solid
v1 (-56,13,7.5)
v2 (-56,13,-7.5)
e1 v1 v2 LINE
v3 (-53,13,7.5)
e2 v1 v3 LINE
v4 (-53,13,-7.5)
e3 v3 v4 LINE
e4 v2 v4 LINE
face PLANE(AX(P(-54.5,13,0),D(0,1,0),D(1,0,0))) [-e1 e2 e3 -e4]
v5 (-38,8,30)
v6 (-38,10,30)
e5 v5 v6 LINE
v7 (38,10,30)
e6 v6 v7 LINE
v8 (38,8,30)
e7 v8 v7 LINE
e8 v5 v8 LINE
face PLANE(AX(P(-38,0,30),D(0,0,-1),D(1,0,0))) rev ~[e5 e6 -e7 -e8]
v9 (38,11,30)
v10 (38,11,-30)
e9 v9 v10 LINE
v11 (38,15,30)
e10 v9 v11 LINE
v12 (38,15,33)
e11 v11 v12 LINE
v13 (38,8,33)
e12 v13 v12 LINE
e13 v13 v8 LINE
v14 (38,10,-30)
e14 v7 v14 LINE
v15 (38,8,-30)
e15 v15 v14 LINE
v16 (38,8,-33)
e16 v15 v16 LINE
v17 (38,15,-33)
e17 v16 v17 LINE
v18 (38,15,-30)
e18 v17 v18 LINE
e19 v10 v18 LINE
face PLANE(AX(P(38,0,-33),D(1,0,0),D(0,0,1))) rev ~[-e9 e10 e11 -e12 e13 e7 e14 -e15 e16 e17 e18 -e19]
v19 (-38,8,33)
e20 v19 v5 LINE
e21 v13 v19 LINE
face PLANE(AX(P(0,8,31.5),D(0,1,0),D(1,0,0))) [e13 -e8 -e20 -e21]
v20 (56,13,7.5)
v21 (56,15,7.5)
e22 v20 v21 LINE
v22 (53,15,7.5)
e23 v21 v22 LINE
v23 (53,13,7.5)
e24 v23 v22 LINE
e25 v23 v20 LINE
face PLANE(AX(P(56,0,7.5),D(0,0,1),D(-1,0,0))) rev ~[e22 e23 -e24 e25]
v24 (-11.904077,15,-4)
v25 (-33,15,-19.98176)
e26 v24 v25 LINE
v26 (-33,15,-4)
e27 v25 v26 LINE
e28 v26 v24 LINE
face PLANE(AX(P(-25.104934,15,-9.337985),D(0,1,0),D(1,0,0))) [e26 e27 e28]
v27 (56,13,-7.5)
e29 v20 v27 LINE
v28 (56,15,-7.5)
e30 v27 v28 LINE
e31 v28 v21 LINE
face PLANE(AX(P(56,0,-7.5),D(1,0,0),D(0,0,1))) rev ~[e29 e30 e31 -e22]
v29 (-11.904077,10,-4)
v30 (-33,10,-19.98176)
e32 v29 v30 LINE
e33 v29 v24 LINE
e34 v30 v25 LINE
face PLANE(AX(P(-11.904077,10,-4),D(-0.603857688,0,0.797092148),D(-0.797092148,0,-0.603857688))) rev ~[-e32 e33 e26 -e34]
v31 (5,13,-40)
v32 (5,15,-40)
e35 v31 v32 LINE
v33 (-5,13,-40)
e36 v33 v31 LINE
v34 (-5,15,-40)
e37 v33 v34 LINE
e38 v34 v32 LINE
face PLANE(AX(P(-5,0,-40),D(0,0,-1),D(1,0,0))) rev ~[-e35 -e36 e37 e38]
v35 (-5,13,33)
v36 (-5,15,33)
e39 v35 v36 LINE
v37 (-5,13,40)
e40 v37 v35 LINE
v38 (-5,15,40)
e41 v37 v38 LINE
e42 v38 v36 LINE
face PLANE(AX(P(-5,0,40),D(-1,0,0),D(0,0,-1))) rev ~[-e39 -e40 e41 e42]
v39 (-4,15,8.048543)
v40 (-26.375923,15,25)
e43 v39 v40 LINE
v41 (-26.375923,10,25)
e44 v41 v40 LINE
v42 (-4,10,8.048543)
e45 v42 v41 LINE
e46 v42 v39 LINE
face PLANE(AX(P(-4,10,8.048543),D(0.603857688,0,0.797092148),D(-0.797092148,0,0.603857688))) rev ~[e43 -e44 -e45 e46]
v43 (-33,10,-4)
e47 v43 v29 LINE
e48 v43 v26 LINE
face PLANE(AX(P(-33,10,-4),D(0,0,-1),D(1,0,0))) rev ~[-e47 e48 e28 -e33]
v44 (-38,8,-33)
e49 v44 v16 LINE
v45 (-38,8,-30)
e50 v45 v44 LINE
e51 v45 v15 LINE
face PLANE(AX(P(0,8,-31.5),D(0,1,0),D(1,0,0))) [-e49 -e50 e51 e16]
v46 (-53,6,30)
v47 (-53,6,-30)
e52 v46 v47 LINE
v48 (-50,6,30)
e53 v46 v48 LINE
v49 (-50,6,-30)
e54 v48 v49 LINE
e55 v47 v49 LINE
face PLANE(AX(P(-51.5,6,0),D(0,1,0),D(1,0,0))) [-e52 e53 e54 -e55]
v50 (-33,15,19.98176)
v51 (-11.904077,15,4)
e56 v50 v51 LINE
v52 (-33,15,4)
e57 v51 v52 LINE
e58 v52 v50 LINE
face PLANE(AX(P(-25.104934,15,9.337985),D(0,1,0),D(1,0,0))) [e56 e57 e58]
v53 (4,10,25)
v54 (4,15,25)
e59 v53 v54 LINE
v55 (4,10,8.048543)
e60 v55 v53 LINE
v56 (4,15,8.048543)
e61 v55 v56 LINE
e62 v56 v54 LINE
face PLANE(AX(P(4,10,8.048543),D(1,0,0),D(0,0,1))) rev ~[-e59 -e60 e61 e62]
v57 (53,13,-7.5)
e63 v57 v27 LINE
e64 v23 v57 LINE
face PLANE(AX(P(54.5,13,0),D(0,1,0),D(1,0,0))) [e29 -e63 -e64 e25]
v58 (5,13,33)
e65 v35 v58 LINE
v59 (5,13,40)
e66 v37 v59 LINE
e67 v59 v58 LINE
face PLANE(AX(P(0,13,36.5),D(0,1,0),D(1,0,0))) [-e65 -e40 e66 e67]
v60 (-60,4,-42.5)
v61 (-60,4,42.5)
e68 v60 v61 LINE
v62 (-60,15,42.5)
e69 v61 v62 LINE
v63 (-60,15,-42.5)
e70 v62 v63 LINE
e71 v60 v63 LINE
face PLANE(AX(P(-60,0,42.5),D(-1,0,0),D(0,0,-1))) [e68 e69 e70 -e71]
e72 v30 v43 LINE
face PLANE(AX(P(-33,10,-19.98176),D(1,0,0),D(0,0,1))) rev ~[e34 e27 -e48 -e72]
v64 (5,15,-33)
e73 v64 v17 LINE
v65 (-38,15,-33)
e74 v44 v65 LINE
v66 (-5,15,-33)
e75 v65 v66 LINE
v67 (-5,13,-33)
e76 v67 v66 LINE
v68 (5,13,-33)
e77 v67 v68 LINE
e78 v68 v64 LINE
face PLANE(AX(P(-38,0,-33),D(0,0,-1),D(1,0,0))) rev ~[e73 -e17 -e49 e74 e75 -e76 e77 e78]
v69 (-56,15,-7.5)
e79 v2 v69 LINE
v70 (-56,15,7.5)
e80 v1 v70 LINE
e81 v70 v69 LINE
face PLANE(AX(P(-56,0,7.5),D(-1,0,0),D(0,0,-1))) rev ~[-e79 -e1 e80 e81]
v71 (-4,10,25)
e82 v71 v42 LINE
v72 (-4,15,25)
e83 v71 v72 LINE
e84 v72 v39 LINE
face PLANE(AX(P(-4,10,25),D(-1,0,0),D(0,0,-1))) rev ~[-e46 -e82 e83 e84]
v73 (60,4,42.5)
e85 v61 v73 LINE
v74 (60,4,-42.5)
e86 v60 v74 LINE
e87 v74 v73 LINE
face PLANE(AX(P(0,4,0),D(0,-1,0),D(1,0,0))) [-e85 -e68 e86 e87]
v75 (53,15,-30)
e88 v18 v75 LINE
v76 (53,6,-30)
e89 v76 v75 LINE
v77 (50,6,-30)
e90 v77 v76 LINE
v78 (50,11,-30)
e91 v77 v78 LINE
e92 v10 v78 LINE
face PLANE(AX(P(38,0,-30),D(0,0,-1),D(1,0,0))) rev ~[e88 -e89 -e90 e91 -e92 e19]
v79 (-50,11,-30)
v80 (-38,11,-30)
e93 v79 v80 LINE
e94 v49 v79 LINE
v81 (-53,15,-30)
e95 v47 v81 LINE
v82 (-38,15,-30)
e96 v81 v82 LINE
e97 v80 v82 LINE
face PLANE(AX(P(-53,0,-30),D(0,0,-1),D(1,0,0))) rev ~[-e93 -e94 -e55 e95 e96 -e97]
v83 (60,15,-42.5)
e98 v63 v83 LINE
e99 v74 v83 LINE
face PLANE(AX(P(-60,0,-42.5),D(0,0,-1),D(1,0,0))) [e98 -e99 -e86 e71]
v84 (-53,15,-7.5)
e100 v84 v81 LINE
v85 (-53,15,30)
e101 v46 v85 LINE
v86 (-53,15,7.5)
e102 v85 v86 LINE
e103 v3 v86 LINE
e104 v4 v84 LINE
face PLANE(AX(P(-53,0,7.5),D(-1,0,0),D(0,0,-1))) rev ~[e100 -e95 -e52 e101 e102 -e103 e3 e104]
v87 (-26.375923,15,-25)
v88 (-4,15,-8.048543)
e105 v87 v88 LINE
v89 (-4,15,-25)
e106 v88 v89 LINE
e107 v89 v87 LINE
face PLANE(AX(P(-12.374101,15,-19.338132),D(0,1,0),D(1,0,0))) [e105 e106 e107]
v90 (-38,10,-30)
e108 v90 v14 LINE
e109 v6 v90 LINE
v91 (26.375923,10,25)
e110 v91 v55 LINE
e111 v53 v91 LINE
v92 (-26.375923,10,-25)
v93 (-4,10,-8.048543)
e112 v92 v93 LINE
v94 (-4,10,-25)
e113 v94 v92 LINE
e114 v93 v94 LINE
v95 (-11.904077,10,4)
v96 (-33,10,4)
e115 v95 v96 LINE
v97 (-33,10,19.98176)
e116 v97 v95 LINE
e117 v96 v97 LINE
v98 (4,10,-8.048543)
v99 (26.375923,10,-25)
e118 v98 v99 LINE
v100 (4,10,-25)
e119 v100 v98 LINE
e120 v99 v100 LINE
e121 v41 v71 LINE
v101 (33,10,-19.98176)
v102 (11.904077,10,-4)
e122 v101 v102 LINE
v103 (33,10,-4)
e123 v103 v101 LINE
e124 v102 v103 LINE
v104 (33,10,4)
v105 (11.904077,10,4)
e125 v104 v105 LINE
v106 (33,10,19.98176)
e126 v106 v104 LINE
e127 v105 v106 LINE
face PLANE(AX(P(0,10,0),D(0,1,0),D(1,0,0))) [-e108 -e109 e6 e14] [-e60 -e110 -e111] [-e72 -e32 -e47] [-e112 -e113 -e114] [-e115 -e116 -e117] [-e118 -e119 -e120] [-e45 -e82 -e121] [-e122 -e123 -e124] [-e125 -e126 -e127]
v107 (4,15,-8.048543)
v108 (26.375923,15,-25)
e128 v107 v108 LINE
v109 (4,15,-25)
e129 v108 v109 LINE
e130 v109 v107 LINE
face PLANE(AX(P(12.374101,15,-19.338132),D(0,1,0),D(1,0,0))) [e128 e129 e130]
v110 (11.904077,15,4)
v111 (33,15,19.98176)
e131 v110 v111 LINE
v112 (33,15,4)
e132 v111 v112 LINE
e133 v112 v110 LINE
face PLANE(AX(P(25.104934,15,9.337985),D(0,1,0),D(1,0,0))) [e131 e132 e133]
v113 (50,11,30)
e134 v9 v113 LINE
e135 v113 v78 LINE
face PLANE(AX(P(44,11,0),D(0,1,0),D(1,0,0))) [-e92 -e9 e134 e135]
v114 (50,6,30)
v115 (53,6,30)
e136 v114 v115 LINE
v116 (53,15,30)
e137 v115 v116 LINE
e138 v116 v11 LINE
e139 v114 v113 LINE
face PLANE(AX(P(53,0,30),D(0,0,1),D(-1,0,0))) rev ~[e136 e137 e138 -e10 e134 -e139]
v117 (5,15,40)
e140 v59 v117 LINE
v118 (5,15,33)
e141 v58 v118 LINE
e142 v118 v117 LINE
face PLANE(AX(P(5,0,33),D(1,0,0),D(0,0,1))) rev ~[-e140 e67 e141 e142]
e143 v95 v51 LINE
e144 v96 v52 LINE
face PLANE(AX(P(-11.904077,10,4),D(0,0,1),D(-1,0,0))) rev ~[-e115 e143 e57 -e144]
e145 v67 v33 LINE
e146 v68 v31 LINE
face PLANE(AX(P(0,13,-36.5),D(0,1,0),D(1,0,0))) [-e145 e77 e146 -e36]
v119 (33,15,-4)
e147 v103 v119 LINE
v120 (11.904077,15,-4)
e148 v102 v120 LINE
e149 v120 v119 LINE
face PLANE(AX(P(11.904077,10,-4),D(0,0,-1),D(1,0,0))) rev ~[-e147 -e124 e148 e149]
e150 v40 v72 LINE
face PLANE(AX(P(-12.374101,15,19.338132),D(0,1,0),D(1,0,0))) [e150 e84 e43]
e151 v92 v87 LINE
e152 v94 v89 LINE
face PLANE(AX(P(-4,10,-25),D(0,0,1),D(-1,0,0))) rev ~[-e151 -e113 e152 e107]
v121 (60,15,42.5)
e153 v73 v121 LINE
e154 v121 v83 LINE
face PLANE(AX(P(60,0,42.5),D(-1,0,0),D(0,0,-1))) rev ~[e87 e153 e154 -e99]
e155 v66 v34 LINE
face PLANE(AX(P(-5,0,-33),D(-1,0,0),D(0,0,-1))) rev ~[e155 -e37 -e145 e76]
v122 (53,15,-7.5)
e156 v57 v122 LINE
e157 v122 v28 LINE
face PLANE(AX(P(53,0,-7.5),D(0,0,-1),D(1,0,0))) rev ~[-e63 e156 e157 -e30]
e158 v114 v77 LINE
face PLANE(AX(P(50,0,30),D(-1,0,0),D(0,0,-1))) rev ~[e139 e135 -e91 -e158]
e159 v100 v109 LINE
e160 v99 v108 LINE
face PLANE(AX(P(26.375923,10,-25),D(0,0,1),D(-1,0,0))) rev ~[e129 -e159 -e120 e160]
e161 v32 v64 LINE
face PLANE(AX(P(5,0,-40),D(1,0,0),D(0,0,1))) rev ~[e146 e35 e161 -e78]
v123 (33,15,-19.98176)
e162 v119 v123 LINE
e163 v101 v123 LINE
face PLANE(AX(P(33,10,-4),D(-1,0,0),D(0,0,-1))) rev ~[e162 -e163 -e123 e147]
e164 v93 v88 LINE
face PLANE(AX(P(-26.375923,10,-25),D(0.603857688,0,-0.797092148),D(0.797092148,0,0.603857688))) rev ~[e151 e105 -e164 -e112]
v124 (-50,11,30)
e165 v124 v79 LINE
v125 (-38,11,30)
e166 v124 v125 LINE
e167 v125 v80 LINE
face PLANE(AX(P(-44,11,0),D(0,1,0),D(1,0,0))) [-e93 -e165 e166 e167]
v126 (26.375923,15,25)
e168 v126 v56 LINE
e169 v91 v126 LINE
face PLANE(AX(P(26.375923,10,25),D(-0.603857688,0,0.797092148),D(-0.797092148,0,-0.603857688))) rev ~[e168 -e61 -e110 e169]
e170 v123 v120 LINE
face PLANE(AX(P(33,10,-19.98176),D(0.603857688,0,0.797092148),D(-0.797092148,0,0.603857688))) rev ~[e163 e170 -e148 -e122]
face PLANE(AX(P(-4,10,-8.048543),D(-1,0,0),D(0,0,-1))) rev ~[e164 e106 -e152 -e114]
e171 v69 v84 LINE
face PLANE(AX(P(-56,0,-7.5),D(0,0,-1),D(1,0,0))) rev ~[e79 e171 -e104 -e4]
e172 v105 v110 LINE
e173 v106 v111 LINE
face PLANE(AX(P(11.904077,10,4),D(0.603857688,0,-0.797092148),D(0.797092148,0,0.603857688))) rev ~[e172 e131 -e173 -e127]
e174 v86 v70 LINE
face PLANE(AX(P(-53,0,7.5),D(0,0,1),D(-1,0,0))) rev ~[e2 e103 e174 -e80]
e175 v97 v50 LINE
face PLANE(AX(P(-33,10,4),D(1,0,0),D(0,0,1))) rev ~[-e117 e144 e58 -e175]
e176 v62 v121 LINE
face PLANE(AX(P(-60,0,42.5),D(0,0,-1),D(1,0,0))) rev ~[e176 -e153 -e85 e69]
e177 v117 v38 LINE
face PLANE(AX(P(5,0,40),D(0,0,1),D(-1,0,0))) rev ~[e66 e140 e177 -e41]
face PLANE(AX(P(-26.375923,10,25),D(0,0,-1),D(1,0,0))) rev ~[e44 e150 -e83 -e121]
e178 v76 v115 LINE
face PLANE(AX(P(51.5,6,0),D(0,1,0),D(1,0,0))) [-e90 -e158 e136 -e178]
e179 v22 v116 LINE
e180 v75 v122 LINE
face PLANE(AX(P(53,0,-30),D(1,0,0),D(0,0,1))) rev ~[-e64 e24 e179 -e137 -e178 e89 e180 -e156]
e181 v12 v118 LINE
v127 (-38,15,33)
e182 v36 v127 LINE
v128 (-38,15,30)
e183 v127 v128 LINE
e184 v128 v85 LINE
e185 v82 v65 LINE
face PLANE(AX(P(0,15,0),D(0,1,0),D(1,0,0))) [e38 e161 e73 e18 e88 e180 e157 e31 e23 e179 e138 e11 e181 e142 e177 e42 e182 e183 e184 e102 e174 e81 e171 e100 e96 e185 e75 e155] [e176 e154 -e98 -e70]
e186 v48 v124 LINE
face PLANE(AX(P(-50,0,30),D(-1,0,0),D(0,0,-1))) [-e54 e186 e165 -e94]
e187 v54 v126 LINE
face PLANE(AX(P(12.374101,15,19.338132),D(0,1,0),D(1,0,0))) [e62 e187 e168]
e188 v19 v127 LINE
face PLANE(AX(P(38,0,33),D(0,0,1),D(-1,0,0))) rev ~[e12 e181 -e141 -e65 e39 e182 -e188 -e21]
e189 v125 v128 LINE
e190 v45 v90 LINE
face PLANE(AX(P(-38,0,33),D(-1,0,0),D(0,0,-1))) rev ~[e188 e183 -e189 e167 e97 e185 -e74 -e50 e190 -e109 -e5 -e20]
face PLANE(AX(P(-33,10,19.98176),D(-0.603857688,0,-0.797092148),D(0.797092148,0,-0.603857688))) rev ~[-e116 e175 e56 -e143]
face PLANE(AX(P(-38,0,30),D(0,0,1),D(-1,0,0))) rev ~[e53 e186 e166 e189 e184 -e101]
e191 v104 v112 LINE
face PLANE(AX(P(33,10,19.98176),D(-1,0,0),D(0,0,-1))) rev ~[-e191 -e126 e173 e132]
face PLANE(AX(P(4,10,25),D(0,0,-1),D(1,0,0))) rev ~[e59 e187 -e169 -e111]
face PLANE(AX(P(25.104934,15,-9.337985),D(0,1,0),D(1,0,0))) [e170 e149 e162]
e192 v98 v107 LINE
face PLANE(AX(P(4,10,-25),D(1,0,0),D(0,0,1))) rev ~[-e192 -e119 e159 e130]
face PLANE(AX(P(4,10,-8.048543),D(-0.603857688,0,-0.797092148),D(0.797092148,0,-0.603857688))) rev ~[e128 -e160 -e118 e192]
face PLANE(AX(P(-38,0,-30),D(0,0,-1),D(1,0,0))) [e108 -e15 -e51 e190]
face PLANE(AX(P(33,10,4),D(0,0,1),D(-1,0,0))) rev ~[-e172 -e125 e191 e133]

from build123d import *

# Parameters (mm, degrees)
SKETCH1_W            = 120
SKETCH1_H            = 85
BOSS_EXTRUDE1_DEPTH  = 15
SKETCH9_W            = 12
SKETCH9_H            = 60
BOSS_EXTRUDE2_DEPTH  = 11
SKETCH10_W           = 76
SKETCH10_H           = 60
BOSS_EXTRUDE4_DEPTH  = 10
SKETCH12_W           = 3
SKETCH12_H           = 60
BOSS_EXTRUDE11_DEPTH = 6
BOSS_EXTRUDE12_DEPTH = 5
SKETCH14_W           = 76
SKETCH14_H           = 3
BOSS_EXTRUDE13_DEPTH = 8
SKETCH15_W           = 3
SKETCH15_H           = 15
SKETCH15_W_2         = 10
SKETCH15_H_2         = 7
BOSS_EXTRUDE14_DEPTH = 13
SKETCH16_W           = 120
SKETCH16_H           = 85
CUT_EXTRUDE3_DEPTH   = 4


with BuildPart() as part:
    # Sketch1 → Boss-Extrude1 (new body)
    with BuildSketch(Plane(origin=(0, 0, 0), x_dir=(1, 0, 0), z_dir=(0, 1, 0))):
        Rectangle(SKETCH1_W, SKETCH1_H)
        Polygon((-50, -30), (-53, -30), (-53, -7.5), (-56, -7.5), (-56, 7.5), (-53, 7.5), (-53, 25), (-53, 30), (-50, 30), (-38, 30), (-38, 33), (-5, 33), (-5, 40), (5, 40), (5, 33), (38, 33), (38, 30), (50, 30), (53, 30), (53, 7.5), (56, 7.5), (56, -7.5), (53, -7.5), (53, -30), (50, -30), (38, -30), (38, -33), (5, -33), (5, -40), (-5, -40), (-5, -33), (-38, -33), (-38, -30), align=None, mode=Mode.SUBTRACT)
    extrude(amount=BOSS_EXTRUDE1_DEPTH)

    # Sketch9 → Boss-Extrude2 (add)
    with BuildSketch(Plane(origin=(0, 0, 0), x_dir=(1, 0, 0), z_dir=(0, 1, 0))):
        with Locations((-44, 0)):
            Rectangle(SKETCH9_W, SKETCH9_H)
        with Locations((44, 0)):
            Rectangle(SKETCH9_W, SKETCH9_H)
    extrude(amount=BOSS_EXTRUDE2_DEPTH)

    # Sketch10 → Boss-Extrude4 (add)
    with BuildSketch(Plane(origin=(0, 0, 0), x_dir=(1, 0, 0), z_dir=(0, 1, 0))):
        Rectangle(SKETCH10_W, SKETCH10_H)
    extrude(amount=BOSS_EXTRUDE4_DEPTH)

    # Sketch12 → Boss-Extrude11 (add)
    with BuildSketch(Plane(origin=(0, 0, 0), x_dir=(1, 0, 0), z_dir=(0, 1, 0))):
        with Locations((-51.5, 0)):
            Rectangle(SKETCH12_W, SKETCH12_H)
        with Locations((51.5, 0)):
            Rectangle(SKETCH12_W, SKETCH12_H)
    extrude(amount=BOSS_EXTRUDE11_DEPTH)

    # Sketch13 → Boss-Extrude12 (add)
    with BuildSketch(Plane(origin=(0, 10, 0), x_dir=(1, 0, 0), z_dir=(0, 1, 0))):
        Polygon((-33, 19.981759626), (-33, 4), (-11.904077294, 4), align=None)
        Polygon((-26.375922706, 25), (-4, 8.048543405), (-4, 25), align=None)
        Polygon((4, 25), (4, 8.048543405), (26.375922706, 25), align=None)
        Polygon((11.904077294, 4), (33, 4), (33, 19.981759626), align=None)
        Polygon((11.904077294, -4), (33, -19.981759626), (33, -4), align=None)
        Polygon((4, -8.048543405), (4, -25), (26.375922706, -25), align=None)
        Polygon((-26.375922706, -25), (-4, -25), (-4, -8.048543405), align=None)
        Polygon((-33, -4), (-33, -19.981759626), (-11.904077294, -4), align=None)
    extrude(amount=BOSS_EXTRUDE12_DEPTH)

    # Sketch14 → Boss-Extrude13 (add)
    with BuildSketch(Plane(origin=(0, 0, 0), x_dir=(1, 0, 0), z_dir=(0, 1, 0))):
        with Locations((0, 31.5)):
            Rectangle(SKETCH14_W, SKETCH14_H)
        with Locations((0, -31.5)):
            Rectangle(SKETCH14_W, SKETCH14_H)
    extrude(amount=BOSS_EXTRUDE13_DEPTH)

    # Sketch15 → Boss-Extrude14 (add)
    with BuildSketch(Plane(origin=(0, 0, 0), x_dir=(1, 0, 0), z_dir=(0, 1, 0))):
        with Locations((-54.5, 0)):
            Rectangle(SKETCH15_W, SKETCH15_H)
        with Locations((0, -36.5)):
            Rectangle(SKETCH15_W_2, SKETCH15_H_2)
        with Locations((54.5, 0)):
            Rectangle(SKETCH15_W, SKETCH15_H)
        with Locations((0, 36.5)):
            Rectangle(SKETCH15_W_2, SKETCH15_H_2)
    extrude(amount=BOSS_EXTRUDE14_DEPTH)

    # Sketch16 → Cut-Extrude3 (cut)
    with BuildSketch(Plane.XZ):
        Rectangle(SKETCH16_W, SKETCH16_H)
    extrude(amount=-CUT_EXTRUDE3_DEPTH, mode=Mode.SUBTRACT)


solid = part.part
